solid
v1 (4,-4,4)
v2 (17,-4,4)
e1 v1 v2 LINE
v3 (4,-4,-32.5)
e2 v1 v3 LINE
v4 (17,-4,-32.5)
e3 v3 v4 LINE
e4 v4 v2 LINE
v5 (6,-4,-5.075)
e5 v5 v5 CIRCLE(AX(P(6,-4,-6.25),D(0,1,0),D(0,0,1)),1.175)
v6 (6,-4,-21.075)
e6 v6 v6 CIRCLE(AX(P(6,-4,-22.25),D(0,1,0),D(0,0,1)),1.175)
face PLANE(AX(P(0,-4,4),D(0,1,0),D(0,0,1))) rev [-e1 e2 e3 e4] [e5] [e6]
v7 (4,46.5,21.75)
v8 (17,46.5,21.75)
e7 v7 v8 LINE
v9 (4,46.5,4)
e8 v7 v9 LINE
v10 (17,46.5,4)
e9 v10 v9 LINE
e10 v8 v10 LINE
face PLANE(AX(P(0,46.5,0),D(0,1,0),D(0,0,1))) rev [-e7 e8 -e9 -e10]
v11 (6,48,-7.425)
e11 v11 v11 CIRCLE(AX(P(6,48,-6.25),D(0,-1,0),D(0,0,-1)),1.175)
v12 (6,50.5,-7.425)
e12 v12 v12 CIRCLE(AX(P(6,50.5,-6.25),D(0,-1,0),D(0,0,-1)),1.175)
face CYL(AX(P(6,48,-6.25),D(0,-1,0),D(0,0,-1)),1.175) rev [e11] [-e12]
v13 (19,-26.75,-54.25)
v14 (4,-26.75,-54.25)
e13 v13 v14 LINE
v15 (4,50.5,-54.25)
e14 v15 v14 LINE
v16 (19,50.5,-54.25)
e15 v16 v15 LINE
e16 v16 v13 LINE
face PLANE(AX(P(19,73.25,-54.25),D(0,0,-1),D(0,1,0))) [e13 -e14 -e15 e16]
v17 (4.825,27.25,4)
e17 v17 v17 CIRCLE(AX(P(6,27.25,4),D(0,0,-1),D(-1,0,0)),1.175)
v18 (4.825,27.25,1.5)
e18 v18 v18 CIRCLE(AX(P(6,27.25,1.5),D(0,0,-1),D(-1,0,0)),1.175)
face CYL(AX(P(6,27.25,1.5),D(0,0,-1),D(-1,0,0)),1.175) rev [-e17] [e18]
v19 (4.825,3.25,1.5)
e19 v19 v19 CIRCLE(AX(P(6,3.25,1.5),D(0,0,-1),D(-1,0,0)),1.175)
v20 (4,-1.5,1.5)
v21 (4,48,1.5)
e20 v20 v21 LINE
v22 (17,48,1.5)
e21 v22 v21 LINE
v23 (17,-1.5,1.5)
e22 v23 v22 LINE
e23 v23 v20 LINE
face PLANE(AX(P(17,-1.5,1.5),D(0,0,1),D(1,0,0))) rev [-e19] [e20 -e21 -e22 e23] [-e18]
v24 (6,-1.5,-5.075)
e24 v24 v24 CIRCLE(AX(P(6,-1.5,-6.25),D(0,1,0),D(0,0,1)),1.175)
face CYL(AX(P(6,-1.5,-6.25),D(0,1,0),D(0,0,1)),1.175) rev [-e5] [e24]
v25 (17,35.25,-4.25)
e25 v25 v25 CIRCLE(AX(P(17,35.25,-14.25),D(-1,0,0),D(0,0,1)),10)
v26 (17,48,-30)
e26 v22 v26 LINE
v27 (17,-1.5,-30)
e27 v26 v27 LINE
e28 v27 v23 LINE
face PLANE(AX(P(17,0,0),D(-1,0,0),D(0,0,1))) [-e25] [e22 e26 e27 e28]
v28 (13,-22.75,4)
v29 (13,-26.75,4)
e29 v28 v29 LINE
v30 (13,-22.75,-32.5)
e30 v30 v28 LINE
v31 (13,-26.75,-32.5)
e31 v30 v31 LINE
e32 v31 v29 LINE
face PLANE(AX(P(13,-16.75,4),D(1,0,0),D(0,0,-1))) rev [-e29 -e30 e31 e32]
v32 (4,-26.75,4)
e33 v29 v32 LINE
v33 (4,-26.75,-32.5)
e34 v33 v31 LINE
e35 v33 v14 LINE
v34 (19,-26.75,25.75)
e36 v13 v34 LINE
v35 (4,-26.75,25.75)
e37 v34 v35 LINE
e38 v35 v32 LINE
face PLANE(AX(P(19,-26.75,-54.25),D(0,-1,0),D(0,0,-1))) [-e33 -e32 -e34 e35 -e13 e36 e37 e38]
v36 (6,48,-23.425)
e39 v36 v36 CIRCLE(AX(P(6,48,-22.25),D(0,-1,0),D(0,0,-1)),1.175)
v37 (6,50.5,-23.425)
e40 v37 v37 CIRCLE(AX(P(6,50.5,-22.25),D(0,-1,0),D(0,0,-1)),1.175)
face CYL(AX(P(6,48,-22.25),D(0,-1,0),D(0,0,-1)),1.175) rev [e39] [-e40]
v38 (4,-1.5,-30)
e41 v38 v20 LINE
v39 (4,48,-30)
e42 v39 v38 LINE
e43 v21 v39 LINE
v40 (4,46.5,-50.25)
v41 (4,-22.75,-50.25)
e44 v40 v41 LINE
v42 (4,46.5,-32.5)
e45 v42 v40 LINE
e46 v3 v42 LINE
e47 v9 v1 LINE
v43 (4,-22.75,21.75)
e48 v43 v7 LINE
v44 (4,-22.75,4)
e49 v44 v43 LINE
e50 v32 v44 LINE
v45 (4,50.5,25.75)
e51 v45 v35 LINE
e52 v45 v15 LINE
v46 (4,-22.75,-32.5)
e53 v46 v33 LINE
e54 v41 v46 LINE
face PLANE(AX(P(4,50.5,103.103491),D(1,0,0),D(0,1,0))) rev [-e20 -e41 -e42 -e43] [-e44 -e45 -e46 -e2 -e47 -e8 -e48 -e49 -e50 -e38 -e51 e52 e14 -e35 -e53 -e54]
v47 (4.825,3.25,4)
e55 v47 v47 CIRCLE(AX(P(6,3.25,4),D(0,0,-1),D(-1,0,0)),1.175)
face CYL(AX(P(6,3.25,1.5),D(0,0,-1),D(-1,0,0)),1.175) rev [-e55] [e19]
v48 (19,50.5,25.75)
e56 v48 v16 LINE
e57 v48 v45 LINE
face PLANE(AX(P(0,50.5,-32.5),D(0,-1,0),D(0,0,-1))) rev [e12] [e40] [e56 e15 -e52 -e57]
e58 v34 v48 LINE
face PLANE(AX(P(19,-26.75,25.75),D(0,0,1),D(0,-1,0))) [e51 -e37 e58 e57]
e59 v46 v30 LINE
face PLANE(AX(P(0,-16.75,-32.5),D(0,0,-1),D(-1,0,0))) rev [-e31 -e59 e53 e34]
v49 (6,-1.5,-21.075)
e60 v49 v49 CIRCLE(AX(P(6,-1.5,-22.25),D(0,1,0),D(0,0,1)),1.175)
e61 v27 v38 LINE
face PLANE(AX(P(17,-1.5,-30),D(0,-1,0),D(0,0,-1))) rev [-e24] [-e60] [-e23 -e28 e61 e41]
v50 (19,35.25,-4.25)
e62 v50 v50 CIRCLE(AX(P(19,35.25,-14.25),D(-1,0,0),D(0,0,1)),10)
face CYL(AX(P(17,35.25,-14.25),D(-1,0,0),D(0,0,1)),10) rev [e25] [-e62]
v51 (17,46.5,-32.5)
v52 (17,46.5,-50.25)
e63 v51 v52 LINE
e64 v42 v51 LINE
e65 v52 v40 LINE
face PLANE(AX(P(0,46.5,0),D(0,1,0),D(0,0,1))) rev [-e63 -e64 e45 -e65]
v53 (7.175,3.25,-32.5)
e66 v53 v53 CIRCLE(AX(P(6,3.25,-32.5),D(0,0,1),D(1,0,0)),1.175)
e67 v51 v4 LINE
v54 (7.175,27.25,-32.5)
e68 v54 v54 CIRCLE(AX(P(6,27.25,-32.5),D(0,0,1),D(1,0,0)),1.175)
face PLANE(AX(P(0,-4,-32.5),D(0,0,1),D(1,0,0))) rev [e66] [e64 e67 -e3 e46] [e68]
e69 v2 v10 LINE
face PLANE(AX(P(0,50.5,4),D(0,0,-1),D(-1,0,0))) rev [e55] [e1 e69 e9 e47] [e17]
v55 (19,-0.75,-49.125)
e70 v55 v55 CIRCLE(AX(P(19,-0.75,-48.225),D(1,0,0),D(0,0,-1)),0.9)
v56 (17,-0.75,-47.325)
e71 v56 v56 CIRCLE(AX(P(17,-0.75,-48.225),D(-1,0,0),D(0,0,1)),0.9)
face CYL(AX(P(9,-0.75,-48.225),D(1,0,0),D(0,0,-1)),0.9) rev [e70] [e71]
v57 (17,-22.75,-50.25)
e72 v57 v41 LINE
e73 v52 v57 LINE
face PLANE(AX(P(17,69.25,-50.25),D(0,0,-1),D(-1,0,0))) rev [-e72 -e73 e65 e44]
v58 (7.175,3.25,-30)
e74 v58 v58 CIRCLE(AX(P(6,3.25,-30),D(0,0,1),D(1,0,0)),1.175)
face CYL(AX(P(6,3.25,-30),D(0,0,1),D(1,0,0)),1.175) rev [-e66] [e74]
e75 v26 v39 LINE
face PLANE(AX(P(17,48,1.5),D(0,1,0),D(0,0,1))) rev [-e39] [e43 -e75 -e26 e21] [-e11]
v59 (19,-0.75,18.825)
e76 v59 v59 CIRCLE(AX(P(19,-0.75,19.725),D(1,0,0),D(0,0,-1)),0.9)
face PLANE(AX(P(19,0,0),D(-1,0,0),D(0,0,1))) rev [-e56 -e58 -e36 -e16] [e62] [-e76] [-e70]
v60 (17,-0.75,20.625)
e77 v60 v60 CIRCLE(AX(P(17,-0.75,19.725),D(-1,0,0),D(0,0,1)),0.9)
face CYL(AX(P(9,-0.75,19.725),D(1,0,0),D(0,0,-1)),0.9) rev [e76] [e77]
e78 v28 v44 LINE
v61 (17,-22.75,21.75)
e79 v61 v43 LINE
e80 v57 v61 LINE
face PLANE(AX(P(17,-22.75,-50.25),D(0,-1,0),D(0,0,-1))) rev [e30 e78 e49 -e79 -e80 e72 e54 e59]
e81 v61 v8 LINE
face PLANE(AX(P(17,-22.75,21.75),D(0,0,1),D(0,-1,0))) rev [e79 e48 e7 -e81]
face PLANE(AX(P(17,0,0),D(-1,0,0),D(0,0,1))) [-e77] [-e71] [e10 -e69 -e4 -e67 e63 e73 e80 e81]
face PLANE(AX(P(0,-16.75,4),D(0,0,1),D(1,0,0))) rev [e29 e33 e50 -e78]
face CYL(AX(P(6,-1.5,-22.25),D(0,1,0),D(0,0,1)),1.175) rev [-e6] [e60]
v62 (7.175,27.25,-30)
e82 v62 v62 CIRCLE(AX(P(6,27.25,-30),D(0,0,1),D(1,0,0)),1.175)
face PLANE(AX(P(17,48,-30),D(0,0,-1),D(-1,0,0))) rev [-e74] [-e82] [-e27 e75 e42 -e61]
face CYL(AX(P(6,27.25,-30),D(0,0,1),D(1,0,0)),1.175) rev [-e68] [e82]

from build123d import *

# Parameters (mm, degrees)
SKETCH_1_W                    = 100
SKETCH_1_H                    = 80
EXTRUDE_1_DEPTH               = 19
SKETCH_2_W                    = 72
SKETCH_2_H                    = 92
CUT_EXTRUDE_1_DEPTH           = 17
SKETCH_3_W                    = 36.5
SKETCH_3_H                    = 54.5
EXTRUDE_2_DEPTH               = 17
SKETCH_4_W                    = 31.5
SKETCH_4_H                    = 49.5
CUT_EXTRUDE_2_DEPTH           = 17
HOLE_WIZARD_20_0_20_1_D       = 20
HOLE_WIZARD_20_0_20_1_DEPTH   = 2
HOLE_WIZARD_2_35_2_35_1_D     = 2.35
HOLE_WIZARD_2_35_2_35_1_DEPTH = 2.5
HOLE_WIZARD_2_35_2_35_2_D     = 2.35
HOLE_WIZARD_2_35_2_35_2_DEPTH = 2.5
HOLE_WIZARD_2_35_2_35_3_D     = 2.35
HOLE_WIZARD_2_35_2_35_3_DEPTH = 2.5
HOLE_WIZARD_2_35_2_35_4_D     = 2.35
HOLE_WIZARD_2_35_2_35_4_DEPTH = 2.5
SKETCH_22_W                   = 13
SKETCH_22_H                   = 36.5
CUT_EXTRUDE_5_DEPTH           = 10
SKETCH_23_W                   = 80
SKETCH_23_H                   = 22.75
CUT_EXTRUDE_6_DEPTH           = 19
SKETCH_24_W                   = 17
SKETCH_24_H                   = 17.75
EXTRUDE_3_DEPTH               = 4
SKETCH_27_W                   = 4
SKETCH_27_H                   = 77.25
CUT_EXTRUDE_7_DEPTH           = 80
SKETCH_28_R                   = 0.9
CUT_EXTRUDE_8_DEPTH           = 10


with BuildPart() as part:
    # 스케치1 → 보스-돌출1 (new body)
    with BuildSketch(Plane(origin=(0, 0, 0), x_dir=(0, -1, 0), z_dir=(-1, 0, 0))):
        with Locations((-23.25, -14.25)):
            Rectangle(SKETCH_1_W, SKETCH_1_H)
    extrude(amount=-EXTRUDE_1_DEPTH)

    # 스케치2 → 컷-돌출1 (cut)
    with BuildSketch(Plane.ZY):
        with Locations((-14.25, 23.25)):
            Rectangle(SKETCH_2_W, SKETCH_2_H)
    extrude(amount=-CUT_EXTRUDE_1_DEPTH, mode=Mode.SUBTRACT)

    # 스케치3 → 보스-돌출2 (add)
    with BuildSketch(Plane.ZY.offset(-17)):
        with Locations((-14.25, 23.25)):
            Rectangle(SKETCH_3_W, SKETCH_3_H)
    extrude(amount=EXTRUDE_2_DEPTH)

    # 스케치4 → 컷-돌출2 (cut)
    with BuildSketch(Plane.ZY):
        with Locations((-14.25, 23.25)):
            Rectangle(SKETCH_4_W, SKETCH_4_H)
    extrude(amount=-CUT_EXTRUDE_2_DEPTH, mode=Mode.SUBTRACT)

    # Ø20.0 (20) 지름 구멍1
    with Locations(Plane.ZY.offset(-17)):
        with Locations((-14.25, 35.25)):
            Hole(HOLE_WIZARD_20_0_20_1_D / 2, depth=HOLE_WIZARD_20_0_20_1_DEPTH)

    # Ø2.35 (2.35) 지름 구멍1
    with Locations(Plane(origin=(0, -1.5, 0), x_dir=(1, 0, 0), z_dir=(0, 1, 0))):
        with Locations((6, 6.25), (6, 22.25)):
            Hole(HOLE_WIZARD_2_35_2_35_1_D / 2, depth=HOLE_WIZARD_2_35_2_35_1_DEPTH)

    # Ø2.35 (2.35) 지름 구멍2
    with Locations(Plane.XY.offset(-30)):
        with Locations((6, 27.25), (6, 3.25)):
            Hole(HOLE_WIZARD_2_35_2_35_2_D / 2, depth=HOLE_WIZARD_2_35_2_35_2_DEPTH)

    # Ø2.35 (2.35) 지름 구멍3
    with Locations(Plane(origin=(0, 48, 0), x_dir=(-1, 0, 0), z_dir=(0, -1, 0))):
        with Locations((-6, 6.25), (-6, 22.25)):
            Hole(HOLE_WIZARD_2_35_2_35_3_D / 2, depth=HOLE_WIZARD_2_35_2_35_3_DEPTH)

    # Ø2.35 (2.35) 지름 구멍4
    with Locations(Plane(origin=(0, 0, 1.5), x_dir=(-1, 0, 0), z_dir=(0, 0, -1))):
        with Locations((-6, 27.25), (-6, 3.25)):
            Hole(HOLE_WIZARD_2_35_2_35_4_D / 2, depth=HOLE_WIZARD_2_35_2_35_4_DEPTH)

    # 스케치22 → 컷-돌출5 (cut)
    with BuildSketch(Plane.XZ.offset(26.75)):
        with Locations((6.5, -14.25)):
            Rectangle(SKETCH_22_W, SKETCH_22_H)
    extrude(amount=-CUT_EXTRUDE_5_DEPTH, mode=Mode.SUBTRACT)

    # 스케치23 → 컷-돌출6 (cut)
    with BuildSketch(Plane.ZY):
        with Locations((-14.25, 61.875)):
            Rectangle(SKETCH_23_W, SKETCH_23_H)
    extrude(amount=-CUT_EXTRUDE_6_DEPTH, mode=Mode.SUBTRACT)

    # 스케치24 → 보스-돌출3 (add)
    with BuildSketch(Plane(origin=(0, 50.5, 0), x_dir=(1, 0, 0), z_dir=(0, 1, 0))):
        with Locations((8.5, -12.875)):
            Rectangle(SKETCH_24_W, SKETCH_24_H)
        with Locations((8.5, 41.375)):
            Rectangle(SKETCH_24_W, SKETCH_24_H)
    extrude(amount=-EXTRUDE_3_DEPTH)

    # 스케치27 → 컷-돌출7 (cut)
    with BuildSketch(Plane(origin=(0, 0, -54.25), x_dir=(-1, 0, 0), z_dir=(0, 0, -1))):
        with Locations((-2, 11.875)):
            Rectangle(SKETCH_27_W, SKETCH_27_H)
    extrude(amount=-CUT_EXTRUDE_7_DEPTH, mode=Mode.SUBTRACT)

    # 스케치28 → 컷-돌출8 (cut)
    with BuildSketch(Plane(origin=(19, 0, 0), x_dir=(0, 0, -1), z_dir=(1, 0, 0))):
        with Locations((-19.725, -0.75)):
            Circle(SKETCH_28_R)
        with Locations((48.225, -0.75)):
            Circle(SKETCH_28_R)
    extrude(amount=-CUT_EXTRUDE_8_DEPTH, mode=Mode.SUBTRACT)


solid = part.part
